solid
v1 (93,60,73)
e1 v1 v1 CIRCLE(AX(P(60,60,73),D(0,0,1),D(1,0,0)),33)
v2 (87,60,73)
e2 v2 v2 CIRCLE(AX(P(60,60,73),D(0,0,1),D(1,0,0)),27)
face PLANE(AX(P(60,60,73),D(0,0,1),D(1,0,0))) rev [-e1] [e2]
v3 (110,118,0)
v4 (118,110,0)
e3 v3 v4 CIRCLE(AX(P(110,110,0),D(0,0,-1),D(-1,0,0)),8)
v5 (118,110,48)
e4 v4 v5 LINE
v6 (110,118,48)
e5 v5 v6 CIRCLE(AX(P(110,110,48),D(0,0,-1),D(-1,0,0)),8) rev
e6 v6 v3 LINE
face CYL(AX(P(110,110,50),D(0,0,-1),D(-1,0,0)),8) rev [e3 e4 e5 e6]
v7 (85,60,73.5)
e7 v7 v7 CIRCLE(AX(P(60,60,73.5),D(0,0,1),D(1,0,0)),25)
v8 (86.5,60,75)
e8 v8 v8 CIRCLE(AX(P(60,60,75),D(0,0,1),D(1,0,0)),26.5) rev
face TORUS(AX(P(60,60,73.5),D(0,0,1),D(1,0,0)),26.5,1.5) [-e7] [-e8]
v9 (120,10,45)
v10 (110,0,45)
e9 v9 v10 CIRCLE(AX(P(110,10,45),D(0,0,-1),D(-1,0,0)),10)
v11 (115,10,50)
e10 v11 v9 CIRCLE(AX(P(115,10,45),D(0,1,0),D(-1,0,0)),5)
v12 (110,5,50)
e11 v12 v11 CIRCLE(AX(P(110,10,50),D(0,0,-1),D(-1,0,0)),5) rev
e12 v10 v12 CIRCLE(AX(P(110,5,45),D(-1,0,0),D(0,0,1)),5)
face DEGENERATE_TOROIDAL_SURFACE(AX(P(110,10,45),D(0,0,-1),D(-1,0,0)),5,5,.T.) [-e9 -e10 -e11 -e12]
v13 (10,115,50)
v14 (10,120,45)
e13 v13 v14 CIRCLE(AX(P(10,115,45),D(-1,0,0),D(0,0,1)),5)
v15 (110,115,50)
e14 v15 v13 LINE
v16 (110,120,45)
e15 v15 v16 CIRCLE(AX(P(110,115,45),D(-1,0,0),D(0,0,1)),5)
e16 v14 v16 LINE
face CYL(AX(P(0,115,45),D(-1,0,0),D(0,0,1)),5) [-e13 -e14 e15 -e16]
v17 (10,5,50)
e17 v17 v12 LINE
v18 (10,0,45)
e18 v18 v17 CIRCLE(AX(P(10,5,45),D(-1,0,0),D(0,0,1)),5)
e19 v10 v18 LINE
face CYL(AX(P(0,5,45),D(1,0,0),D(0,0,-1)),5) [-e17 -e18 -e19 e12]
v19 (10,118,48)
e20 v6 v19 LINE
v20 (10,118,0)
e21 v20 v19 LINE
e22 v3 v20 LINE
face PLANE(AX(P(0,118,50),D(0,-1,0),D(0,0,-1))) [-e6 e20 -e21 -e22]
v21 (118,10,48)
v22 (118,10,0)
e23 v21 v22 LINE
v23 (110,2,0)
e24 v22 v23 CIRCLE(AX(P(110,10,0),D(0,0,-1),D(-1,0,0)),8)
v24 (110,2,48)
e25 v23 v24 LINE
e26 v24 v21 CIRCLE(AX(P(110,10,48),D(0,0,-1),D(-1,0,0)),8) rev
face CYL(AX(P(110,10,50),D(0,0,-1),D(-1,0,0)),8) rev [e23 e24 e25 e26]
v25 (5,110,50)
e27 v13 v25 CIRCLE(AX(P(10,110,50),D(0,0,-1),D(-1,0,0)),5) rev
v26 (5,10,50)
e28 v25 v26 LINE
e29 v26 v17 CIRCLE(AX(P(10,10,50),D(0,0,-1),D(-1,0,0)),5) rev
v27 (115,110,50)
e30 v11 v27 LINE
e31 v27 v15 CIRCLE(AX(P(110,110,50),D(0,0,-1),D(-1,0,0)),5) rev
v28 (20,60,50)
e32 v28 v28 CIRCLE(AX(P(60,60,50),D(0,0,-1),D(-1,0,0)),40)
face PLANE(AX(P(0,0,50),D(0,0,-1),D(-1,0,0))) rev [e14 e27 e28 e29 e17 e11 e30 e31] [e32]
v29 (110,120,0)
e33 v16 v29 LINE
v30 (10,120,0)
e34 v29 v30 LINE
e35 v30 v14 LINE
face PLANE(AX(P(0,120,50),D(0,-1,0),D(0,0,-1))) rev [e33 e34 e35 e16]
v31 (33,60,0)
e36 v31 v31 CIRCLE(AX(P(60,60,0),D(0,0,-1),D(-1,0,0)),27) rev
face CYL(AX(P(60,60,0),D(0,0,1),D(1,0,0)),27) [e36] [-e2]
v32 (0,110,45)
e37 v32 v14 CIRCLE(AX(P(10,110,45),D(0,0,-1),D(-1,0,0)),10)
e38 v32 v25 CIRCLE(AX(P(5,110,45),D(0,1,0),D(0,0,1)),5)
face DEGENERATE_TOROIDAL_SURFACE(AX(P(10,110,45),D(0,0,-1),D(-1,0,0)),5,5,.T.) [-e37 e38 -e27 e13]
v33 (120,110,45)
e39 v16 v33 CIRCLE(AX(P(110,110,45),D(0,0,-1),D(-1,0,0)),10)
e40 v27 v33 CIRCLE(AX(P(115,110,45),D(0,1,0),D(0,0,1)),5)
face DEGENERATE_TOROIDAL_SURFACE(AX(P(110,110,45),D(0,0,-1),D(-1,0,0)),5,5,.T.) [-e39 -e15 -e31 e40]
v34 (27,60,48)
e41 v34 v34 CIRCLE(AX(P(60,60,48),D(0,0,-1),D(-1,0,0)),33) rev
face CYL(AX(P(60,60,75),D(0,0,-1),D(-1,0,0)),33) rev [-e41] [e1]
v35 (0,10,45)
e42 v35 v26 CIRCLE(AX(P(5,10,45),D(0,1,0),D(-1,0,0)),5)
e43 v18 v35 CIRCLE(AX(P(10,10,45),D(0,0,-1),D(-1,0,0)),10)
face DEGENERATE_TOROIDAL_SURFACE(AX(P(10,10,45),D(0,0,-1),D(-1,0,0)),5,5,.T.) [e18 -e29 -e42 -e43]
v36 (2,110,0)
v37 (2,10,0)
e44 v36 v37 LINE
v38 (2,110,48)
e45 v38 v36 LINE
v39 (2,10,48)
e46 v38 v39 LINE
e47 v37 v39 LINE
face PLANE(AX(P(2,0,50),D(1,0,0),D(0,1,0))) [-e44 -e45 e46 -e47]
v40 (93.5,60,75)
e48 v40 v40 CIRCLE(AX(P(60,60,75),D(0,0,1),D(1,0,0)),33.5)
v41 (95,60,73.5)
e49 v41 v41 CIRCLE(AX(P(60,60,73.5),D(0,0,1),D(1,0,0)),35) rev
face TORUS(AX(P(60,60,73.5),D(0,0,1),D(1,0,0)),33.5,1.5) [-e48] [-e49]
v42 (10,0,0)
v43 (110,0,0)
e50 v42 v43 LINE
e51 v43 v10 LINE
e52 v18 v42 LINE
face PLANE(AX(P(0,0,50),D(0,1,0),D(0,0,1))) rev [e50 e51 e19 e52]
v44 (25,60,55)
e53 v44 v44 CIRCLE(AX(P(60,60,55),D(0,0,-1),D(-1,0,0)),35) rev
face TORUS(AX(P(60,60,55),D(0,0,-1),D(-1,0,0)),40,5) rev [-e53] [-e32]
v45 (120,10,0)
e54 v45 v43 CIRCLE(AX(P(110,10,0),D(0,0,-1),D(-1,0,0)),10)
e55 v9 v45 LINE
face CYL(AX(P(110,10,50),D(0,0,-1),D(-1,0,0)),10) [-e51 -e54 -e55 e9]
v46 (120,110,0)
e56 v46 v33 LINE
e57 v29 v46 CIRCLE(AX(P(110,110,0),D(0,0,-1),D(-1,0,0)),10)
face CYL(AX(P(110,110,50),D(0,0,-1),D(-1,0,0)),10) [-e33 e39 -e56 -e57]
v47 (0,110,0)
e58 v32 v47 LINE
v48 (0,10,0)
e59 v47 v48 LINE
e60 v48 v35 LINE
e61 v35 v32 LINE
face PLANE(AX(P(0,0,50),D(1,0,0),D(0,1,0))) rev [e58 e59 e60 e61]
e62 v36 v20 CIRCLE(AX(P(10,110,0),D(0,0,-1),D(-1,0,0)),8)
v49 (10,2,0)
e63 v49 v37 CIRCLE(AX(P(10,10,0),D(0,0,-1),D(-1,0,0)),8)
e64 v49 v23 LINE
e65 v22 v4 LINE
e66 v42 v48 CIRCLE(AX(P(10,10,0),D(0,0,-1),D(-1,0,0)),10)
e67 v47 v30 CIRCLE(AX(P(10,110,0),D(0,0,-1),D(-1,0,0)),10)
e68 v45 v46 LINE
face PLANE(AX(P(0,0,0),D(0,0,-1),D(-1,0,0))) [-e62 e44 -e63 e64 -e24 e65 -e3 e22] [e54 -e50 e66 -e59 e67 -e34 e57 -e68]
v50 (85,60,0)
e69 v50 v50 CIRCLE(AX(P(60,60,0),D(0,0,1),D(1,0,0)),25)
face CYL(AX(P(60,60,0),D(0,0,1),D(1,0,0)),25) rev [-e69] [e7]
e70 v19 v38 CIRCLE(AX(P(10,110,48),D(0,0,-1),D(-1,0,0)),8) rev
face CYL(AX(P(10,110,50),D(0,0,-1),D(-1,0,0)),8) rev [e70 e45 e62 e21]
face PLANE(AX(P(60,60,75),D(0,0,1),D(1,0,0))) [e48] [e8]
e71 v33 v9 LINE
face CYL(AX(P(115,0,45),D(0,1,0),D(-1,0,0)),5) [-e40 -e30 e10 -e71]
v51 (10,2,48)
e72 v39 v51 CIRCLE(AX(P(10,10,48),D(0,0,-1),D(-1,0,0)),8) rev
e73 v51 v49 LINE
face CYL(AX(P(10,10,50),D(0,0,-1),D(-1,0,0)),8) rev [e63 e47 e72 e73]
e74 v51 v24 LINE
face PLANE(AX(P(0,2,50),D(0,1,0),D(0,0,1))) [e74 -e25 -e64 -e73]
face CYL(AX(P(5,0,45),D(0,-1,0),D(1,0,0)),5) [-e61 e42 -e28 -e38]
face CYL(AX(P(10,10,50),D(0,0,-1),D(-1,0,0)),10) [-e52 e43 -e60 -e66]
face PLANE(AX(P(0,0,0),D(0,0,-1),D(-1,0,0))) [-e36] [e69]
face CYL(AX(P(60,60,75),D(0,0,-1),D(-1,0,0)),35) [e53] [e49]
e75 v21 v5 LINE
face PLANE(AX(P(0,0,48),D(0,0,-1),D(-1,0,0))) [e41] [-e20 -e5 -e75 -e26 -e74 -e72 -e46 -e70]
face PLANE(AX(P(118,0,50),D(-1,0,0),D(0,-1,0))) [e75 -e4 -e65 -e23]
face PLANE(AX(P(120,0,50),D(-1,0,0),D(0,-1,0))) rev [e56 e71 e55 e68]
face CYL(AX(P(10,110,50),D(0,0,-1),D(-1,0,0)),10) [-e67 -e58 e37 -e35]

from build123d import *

# Parameters (mm, degrees)
SKETCH1_W           = 120
SKETCH1_H           = 120
BOSS_EXTRUDE1_DEPTH = 50
SKETCH3_R           = 35
BOSS_EXTRUDE2_DEPTH = 25
SKETCH4_R           = 25
CUT_EXTRUDE1_DEPTH  = 76
FILLET1_R           = 10
SHELL1_T            = -2
FILLET8_R           = 1.5
FILLET9_R           = 5


with BuildPart() as part:
    # Sketch1 → Boss-Extrude1 (new body)
    with BuildSketch(Plane.XY):
        with Locations((60, 60)):
            Rectangle(SKETCH1_W, SKETCH1_H)
    extrude(amount=BOSS_EXTRUDE1_DEPTH)

    # Sketch3 → Boss-Extrude2 (add)
    with BuildSketch(Plane.XY.offset(50)):
        with Locations((60, 60)):
            Circle(SKETCH3_R)
    extrude(amount=BOSS_EXTRUDE2_DEPTH)

    # Sketch4 → Cut-Extrude1 (cut, through all)
    with BuildSketch(Plane.XY.offset(75)):
        with Locations((60, 60)):
            Circle(SKETCH4_R)
    extrude(amount=-CUT_EXTRUDE1_DEPTH, mode=Mode.SUBTRACT)

    # Fillet1
    fillet1_edges = [part.edges().sort_by_distance(p)[0] for p in [
        (0, 120, 25),
        (120, 120, 25),
        (120, 0, 25),
        (0, 0, 25),
    ]]
    fillet(fillet1_edges, radius=FILLET1_R)

    # Shell1
    shell1_openings = [part.faces().sort_by_distance(p)[0] for p in [
        (85, 60, 0),
    ]]
    offset(amount=SHELL1_T, openings=shell1_openings, kind=Kind.INTERSECTION)

    # Fillet8
    fillet8_edges = [part.edges().sort_by_distance(p)[0] for p in [
        (25, 60, 75),
        (35, 60, 75),
    ]]
    fillet(fillet8_edges, radius=FILLET8_R)

    # Fillet9
    fillet9_edges = [part.edges().sort_by_distance(p)[0] for p in [
        (25, 60, 50),
        (60, 0, 50),
        (0, 60, 50),
        (120, 60, 50),
        (60, 120, 50),
        (117.071067812, 117.071067812, 50),
        (117.071067812, 2.928932188, 50),
        (2.928932188, 117.071067812, 50),
        (2.928932188, 2.928932188, 50),
    ]]
    fillet(fillet9_edges, radius=FILLET9_R)


solid = part.part
